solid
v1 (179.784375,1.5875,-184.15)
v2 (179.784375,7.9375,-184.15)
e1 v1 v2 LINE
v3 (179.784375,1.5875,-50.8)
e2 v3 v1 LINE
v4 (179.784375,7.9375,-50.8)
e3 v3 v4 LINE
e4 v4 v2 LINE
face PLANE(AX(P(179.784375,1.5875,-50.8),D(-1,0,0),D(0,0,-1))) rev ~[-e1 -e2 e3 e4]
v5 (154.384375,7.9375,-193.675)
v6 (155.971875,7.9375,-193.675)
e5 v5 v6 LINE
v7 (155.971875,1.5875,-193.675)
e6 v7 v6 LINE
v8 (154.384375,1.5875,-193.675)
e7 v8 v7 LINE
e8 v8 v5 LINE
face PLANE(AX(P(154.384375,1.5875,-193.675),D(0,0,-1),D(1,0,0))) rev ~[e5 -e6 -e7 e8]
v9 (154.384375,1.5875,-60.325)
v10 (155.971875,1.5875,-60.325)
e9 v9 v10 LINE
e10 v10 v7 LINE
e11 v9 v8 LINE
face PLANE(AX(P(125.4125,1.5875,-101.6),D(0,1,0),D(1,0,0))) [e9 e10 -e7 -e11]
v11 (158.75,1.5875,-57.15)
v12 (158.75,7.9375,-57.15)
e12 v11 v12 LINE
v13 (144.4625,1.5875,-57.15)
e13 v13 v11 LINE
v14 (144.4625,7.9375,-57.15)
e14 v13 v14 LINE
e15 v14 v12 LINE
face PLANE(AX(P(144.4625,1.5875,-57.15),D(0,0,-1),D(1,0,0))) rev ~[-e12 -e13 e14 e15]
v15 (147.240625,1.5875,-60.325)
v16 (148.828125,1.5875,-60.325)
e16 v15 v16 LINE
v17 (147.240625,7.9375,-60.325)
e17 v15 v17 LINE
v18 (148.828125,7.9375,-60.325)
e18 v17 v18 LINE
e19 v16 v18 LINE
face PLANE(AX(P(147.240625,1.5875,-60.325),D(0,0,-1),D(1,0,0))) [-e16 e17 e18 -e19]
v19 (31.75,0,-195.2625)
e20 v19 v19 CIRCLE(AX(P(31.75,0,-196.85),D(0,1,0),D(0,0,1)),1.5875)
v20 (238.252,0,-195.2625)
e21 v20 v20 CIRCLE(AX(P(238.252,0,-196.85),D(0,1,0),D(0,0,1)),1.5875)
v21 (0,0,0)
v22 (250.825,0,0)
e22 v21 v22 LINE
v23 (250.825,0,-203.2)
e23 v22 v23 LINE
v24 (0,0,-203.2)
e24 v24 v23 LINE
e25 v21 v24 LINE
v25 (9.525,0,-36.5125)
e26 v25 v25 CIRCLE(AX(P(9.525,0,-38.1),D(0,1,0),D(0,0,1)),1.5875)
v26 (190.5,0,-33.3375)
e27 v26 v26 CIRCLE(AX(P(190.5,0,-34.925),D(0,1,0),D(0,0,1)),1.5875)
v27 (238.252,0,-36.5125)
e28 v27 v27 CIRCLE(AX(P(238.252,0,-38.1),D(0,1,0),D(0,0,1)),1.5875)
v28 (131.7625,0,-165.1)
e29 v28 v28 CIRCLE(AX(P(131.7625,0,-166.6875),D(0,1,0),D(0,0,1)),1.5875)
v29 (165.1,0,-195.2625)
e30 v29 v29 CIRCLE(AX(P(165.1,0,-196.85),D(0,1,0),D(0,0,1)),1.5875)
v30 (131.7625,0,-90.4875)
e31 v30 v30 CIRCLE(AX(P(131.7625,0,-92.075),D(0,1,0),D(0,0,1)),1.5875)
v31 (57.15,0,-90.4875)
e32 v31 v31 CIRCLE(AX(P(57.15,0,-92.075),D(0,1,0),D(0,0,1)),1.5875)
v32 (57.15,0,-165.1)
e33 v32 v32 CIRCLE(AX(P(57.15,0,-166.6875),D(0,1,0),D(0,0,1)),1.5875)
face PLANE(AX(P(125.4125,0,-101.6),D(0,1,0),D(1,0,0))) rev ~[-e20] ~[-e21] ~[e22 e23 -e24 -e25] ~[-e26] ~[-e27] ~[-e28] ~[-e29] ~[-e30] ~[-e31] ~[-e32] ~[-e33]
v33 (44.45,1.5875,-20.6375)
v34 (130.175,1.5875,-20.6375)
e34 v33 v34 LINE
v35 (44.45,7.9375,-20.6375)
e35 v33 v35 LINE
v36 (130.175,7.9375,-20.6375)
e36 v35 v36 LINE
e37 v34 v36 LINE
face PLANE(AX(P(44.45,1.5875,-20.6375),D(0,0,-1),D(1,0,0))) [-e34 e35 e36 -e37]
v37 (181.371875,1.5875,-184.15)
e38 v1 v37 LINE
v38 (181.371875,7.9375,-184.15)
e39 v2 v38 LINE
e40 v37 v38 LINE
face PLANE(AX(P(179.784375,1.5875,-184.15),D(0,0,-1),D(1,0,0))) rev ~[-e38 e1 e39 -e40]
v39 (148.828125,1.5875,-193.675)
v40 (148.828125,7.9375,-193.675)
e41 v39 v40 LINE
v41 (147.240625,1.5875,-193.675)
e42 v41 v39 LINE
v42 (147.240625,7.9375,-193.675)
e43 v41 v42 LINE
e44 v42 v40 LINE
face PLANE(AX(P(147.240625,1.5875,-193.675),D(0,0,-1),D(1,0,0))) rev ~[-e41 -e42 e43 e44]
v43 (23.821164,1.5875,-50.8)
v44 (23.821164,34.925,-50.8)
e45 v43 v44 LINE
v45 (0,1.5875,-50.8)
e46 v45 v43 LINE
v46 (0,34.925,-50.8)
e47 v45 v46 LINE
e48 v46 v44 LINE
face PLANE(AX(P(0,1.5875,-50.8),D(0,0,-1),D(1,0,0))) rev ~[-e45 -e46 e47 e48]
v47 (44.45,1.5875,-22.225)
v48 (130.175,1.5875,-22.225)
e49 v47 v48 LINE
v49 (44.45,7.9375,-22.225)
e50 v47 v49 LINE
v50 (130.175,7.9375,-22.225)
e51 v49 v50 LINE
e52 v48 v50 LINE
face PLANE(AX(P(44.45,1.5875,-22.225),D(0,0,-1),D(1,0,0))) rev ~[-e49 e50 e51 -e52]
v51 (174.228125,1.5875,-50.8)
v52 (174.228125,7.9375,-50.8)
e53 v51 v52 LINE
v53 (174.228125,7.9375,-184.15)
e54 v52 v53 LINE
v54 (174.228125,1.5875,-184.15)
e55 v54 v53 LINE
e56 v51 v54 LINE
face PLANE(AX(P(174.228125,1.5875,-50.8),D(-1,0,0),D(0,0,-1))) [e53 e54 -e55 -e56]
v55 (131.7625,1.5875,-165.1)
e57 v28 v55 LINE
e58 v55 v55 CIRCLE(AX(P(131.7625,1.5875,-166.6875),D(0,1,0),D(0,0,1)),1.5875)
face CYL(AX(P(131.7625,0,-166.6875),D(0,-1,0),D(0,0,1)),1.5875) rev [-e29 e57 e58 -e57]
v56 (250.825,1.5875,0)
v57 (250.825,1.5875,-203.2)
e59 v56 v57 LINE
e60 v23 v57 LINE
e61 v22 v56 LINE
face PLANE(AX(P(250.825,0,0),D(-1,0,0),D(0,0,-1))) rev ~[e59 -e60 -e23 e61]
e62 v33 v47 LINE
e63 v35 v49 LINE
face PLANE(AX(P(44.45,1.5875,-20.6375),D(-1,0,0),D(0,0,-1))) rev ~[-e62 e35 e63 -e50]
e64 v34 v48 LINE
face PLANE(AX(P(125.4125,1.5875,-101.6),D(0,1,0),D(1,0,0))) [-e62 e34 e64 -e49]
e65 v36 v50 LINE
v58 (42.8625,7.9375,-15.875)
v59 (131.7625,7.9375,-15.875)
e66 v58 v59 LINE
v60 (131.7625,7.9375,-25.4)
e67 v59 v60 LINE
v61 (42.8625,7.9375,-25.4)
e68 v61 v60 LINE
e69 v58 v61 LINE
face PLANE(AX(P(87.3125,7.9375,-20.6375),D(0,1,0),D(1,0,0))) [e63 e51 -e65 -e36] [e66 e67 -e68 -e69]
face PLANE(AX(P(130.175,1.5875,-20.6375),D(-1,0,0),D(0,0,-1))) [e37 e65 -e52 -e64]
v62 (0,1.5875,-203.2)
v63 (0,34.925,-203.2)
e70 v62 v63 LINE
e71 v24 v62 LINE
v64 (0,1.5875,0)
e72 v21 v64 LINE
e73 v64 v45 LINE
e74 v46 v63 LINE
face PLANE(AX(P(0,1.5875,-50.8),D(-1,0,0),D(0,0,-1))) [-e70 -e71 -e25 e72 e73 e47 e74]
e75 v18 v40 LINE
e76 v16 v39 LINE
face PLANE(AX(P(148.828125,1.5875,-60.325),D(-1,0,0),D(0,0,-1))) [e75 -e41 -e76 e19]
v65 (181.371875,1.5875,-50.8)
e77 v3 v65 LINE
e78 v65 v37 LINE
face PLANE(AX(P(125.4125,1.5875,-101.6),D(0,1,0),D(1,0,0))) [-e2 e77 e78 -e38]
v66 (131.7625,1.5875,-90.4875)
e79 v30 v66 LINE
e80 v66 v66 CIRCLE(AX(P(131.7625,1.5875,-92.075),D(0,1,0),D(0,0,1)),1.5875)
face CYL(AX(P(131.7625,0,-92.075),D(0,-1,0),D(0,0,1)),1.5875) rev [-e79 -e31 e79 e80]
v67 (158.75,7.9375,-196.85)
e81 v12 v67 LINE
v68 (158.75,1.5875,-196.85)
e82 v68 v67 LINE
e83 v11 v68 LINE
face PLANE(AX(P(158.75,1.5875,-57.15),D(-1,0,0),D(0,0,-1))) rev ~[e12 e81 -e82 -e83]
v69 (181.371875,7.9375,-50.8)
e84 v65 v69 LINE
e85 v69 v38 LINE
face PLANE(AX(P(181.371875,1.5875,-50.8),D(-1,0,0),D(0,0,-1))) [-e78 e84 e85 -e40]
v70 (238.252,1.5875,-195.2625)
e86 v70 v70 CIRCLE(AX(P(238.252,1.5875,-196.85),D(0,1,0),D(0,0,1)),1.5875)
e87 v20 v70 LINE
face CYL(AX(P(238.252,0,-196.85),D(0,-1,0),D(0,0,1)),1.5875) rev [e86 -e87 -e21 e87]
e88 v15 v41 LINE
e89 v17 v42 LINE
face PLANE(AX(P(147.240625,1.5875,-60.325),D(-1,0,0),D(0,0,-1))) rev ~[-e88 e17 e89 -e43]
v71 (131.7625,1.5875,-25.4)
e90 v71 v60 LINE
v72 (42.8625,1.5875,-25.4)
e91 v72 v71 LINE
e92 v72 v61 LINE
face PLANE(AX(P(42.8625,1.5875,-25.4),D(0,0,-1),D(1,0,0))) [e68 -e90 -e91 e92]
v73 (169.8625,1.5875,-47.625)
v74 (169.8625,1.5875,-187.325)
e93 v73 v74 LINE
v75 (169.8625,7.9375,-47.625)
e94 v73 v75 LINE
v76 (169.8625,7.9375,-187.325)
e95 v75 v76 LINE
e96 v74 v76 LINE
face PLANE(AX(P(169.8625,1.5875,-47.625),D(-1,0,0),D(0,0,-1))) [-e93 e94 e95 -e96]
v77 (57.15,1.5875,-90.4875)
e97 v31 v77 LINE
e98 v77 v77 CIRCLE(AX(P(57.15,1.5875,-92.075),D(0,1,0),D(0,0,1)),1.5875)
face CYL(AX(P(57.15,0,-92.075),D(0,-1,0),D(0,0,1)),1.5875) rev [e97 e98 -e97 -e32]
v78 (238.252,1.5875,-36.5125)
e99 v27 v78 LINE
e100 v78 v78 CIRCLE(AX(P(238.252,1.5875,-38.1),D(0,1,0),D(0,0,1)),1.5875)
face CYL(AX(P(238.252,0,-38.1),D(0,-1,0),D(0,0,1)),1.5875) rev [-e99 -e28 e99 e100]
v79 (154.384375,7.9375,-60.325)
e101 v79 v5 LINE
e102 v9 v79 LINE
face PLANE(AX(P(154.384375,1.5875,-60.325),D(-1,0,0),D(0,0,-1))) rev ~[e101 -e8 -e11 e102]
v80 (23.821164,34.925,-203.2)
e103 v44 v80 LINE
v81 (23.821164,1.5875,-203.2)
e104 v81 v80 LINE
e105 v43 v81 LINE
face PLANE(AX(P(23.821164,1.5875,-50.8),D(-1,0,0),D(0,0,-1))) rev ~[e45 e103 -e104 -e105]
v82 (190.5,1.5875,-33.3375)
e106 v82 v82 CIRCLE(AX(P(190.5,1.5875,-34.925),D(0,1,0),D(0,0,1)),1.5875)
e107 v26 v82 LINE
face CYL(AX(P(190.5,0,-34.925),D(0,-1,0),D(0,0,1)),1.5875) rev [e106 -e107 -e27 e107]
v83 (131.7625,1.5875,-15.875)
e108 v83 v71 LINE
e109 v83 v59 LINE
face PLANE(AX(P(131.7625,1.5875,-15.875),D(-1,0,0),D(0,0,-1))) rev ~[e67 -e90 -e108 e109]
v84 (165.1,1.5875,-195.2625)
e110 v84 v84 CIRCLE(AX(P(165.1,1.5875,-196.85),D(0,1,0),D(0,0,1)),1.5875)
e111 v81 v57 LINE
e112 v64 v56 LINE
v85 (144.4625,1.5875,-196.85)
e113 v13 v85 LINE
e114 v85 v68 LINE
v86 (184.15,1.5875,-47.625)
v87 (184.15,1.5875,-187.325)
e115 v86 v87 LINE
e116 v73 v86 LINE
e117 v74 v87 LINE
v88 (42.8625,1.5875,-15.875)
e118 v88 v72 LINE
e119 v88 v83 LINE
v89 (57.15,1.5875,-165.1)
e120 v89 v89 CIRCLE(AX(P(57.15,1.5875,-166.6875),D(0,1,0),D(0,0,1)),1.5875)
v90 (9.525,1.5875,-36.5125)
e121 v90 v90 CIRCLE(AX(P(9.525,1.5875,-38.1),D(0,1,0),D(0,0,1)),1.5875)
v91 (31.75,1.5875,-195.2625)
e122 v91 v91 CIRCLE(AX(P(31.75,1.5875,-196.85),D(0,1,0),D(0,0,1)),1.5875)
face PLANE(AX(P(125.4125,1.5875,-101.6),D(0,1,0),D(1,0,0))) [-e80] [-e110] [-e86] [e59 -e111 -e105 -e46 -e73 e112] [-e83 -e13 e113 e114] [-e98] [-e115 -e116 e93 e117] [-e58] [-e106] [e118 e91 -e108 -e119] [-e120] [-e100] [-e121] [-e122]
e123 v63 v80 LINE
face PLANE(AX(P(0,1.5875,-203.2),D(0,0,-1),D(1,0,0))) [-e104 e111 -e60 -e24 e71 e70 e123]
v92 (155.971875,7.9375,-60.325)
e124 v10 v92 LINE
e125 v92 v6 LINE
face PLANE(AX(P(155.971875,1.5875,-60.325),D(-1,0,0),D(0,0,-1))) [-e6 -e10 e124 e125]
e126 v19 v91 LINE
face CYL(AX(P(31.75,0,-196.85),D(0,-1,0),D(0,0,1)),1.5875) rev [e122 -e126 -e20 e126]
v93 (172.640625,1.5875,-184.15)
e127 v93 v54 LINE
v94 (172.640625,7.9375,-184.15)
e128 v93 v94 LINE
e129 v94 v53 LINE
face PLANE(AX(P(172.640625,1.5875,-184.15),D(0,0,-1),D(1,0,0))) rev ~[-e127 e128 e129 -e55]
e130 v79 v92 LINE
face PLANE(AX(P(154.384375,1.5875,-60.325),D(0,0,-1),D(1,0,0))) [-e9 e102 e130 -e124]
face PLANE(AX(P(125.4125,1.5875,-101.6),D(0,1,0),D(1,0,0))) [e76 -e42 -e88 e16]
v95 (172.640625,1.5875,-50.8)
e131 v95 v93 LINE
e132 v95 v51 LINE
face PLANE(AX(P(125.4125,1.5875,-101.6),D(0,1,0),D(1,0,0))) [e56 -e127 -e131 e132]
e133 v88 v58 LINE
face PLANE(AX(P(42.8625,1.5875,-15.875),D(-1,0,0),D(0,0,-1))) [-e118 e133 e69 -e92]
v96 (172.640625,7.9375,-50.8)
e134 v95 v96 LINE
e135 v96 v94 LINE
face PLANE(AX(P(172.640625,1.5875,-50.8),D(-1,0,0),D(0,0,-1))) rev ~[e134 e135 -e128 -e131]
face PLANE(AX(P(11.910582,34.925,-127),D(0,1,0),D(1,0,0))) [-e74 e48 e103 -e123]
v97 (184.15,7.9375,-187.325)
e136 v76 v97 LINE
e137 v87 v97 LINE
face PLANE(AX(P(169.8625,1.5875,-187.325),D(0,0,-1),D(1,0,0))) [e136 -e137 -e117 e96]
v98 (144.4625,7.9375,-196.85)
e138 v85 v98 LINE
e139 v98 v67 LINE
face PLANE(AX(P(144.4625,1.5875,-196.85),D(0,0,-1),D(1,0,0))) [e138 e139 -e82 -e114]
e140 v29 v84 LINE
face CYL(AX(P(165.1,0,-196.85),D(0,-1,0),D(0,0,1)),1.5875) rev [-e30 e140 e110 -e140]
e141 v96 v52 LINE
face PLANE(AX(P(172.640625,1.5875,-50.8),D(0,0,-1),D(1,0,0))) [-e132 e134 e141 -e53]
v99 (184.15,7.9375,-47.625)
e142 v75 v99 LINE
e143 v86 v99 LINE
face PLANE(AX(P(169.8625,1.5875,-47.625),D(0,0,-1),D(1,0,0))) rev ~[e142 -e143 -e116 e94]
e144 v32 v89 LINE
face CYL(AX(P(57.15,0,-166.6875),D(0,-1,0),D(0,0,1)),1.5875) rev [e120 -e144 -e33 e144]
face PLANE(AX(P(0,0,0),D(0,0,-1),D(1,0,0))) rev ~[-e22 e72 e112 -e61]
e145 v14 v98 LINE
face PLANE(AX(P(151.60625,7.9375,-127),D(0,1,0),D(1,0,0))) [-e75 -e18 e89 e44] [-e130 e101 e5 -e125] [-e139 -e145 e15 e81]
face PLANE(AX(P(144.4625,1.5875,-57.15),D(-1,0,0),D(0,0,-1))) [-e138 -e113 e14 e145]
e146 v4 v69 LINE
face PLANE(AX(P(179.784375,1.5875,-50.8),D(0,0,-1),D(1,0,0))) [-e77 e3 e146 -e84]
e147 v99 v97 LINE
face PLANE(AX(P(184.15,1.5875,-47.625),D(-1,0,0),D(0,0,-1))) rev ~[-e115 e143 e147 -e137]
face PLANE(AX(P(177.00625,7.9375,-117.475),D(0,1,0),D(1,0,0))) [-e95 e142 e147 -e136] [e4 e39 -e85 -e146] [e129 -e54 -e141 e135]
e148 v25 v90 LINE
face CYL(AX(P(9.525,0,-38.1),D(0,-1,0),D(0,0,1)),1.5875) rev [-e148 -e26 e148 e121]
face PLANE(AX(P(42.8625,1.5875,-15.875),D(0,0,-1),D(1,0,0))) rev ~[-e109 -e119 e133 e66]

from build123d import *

# Parameters (mm, degrees)
SKETCH1_W           = 250.825
SKETCH1_H           = 203.2
SKETCH1_R           = 1.5875
BOSS_EXTRUDE1_DEPTH = 1.5875
SKETCH2_W           = 14.2875
SKETCH2_H           = 139.7
SKETCH2_W_2         = 1.5875
SKETCH2_H_2         = 133.35
SKETCH2_W_3         = 88.9
SKETCH2_H_3         = 9.525
SKETCH2_W_4         = 85.725
SKETCH2_H_4         = 1.5875
BOSS_EXTRUDE2_DEPTH = 6.35
SKETCH3_W           = 23.821163823
SKETCH3_H           = 152.4
BOSS_EXTRUDE3_DEPTH = 33.3375


with BuildPart() as part:
    # Sketch1 → Boss-Extrude1 (new body)
    with BuildSketch(Plane(origin=(0, 0, 0), x_dir=(1, 0, 0), z_dir=(0, 1, 0))):
        with Locations((125.4125, 101.6)):
            Rectangle(SKETCH1_W, SKETCH1_H)
        with Locations(Location((31.75, 196.85, 0), (0, 0, 270))):
            Circle(SKETCH1_R, mode=Mode.SUBTRACT)
        with Locations(Location((165.1, 196.85, 0), (0, 0, 270))):
            Circle(SKETCH1_R, mode=Mode.SUBTRACT)
        with Locations(Location((238.252, 196.85, 0), (0, 0, 270))):
            Circle(SKETCH1_R, mode=Mode.SUBTRACT)
        with Locations(Location((238.252, 38.1, 0), (0, 0, 270))):
            Circle(SKETCH1_R, mode=Mode.SUBTRACT)
        with Locations(Location((190.5, 34.925, 0), (0, 0, 270))):
            Circle(SKETCH1_R, mode=Mode.SUBTRACT)
        with Locations(Location((9.525, 38.1, 0), (0, 0, 270))):
            Circle(SKETCH1_R, mode=Mode.SUBTRACT)
        with Locations(Location((57.15, 166.6875, 0), (0, 0, 270))):
            Circle(SKETCH1_R, mode=Mode.SUBTRACT)
        with Locations(Location((131.7625, 166.6875, 0), (0, 0, 270))):
            Circle(SKETCH1_R, mode=Mode.SUBTRACT)
        with Locations(Location((131.7625, 92.075, 0), (0, 0, 270))):
            Circle(SKETCH1_R, mode=Mode.SUBTRACT)
        with Locations(Location((57.15, 92.075, 0), (0, 0, 270))):
            Circle(SKETCH1_R, mode=Mode.SUBTRACT)
    extrude(amount=BOSS_EXTRUDE1_DEPTH)

    # Sketch2 → Boss-Extrude2 (add)
    # profile 1 of 3: a face of its own
    with BuildSketch(Plane(origin=(0, 1.5875, 0), x_dir=(1, 0, 0), z_dir=(0, 1, 0))):
        with Locations((151.60625, 127)):
            Rectangle(SKETCH2_W, SKETCH2_H)
        with Locations((148.034375, 127)):
            Rectangle(SKETCH2_W_2, SKETCH2_H_2, mode=Mode.SUBTRACT)
        with Locations((155.178125, 127)):
            Rectangle(SKETCH2_W_2, SKETCH2_H_2, mode=Mode.SUBTRACT)
    # profile 2 of 3: a face of its own
    with BuildSketch(Plane(origin=(0, 1.5875, 0), x_dir=(1, 0, 0), z_dir=(0, 1, 0))):
        with Locations((177.00625, 117.475)):
            Rectangle(SKETCH2_W, SKETCH2_H)
        with Locations((173.434375, 117.475)):
            Rectangle(SKETCH2_W_2, SKETCH2_H_2, mode=Mode.SUBTRACT)
        with Locations((180.578125, 117.475)):
            Rectangle(SKETCH2_W_2, SKETCH2_H_2, mode=Mode.SUBTRACT)
    # profile 3 of 3: a face of its own
    with BuildSketch(Plane(origin=(0, 1.5875, 0), x_dir=(1, 0, 0), z_dir=(0, 1, 0))):
        with Locations((87.3125, 20.6375)):
            Rectangle(SKETCH2_W_3, SKETCH2_H_3)
        with Locations((87.3125, 21.43125)):
            Rectangle(SKETCH2_W_4, SKETCH2_H_4, mode=Mode.SUBTRACT)
    extrude(amount=BOSS_EXTRUDE2_DEPTH)

    # Sketch3 → Boss-Extrude3 (add)
    with BuildSketch(Plane(origin=(0, 1.5875, 0), x_dir=(1, 0, 0), z_dir=(0, 1, 0))):
        with Locations((11.910581912, 127)):
            Rectangle(SKETCH3_W, SKETCH3_H)
    extrude(amount=BOSS_EXTRUDE3_DEPTH)


solid = part.part
